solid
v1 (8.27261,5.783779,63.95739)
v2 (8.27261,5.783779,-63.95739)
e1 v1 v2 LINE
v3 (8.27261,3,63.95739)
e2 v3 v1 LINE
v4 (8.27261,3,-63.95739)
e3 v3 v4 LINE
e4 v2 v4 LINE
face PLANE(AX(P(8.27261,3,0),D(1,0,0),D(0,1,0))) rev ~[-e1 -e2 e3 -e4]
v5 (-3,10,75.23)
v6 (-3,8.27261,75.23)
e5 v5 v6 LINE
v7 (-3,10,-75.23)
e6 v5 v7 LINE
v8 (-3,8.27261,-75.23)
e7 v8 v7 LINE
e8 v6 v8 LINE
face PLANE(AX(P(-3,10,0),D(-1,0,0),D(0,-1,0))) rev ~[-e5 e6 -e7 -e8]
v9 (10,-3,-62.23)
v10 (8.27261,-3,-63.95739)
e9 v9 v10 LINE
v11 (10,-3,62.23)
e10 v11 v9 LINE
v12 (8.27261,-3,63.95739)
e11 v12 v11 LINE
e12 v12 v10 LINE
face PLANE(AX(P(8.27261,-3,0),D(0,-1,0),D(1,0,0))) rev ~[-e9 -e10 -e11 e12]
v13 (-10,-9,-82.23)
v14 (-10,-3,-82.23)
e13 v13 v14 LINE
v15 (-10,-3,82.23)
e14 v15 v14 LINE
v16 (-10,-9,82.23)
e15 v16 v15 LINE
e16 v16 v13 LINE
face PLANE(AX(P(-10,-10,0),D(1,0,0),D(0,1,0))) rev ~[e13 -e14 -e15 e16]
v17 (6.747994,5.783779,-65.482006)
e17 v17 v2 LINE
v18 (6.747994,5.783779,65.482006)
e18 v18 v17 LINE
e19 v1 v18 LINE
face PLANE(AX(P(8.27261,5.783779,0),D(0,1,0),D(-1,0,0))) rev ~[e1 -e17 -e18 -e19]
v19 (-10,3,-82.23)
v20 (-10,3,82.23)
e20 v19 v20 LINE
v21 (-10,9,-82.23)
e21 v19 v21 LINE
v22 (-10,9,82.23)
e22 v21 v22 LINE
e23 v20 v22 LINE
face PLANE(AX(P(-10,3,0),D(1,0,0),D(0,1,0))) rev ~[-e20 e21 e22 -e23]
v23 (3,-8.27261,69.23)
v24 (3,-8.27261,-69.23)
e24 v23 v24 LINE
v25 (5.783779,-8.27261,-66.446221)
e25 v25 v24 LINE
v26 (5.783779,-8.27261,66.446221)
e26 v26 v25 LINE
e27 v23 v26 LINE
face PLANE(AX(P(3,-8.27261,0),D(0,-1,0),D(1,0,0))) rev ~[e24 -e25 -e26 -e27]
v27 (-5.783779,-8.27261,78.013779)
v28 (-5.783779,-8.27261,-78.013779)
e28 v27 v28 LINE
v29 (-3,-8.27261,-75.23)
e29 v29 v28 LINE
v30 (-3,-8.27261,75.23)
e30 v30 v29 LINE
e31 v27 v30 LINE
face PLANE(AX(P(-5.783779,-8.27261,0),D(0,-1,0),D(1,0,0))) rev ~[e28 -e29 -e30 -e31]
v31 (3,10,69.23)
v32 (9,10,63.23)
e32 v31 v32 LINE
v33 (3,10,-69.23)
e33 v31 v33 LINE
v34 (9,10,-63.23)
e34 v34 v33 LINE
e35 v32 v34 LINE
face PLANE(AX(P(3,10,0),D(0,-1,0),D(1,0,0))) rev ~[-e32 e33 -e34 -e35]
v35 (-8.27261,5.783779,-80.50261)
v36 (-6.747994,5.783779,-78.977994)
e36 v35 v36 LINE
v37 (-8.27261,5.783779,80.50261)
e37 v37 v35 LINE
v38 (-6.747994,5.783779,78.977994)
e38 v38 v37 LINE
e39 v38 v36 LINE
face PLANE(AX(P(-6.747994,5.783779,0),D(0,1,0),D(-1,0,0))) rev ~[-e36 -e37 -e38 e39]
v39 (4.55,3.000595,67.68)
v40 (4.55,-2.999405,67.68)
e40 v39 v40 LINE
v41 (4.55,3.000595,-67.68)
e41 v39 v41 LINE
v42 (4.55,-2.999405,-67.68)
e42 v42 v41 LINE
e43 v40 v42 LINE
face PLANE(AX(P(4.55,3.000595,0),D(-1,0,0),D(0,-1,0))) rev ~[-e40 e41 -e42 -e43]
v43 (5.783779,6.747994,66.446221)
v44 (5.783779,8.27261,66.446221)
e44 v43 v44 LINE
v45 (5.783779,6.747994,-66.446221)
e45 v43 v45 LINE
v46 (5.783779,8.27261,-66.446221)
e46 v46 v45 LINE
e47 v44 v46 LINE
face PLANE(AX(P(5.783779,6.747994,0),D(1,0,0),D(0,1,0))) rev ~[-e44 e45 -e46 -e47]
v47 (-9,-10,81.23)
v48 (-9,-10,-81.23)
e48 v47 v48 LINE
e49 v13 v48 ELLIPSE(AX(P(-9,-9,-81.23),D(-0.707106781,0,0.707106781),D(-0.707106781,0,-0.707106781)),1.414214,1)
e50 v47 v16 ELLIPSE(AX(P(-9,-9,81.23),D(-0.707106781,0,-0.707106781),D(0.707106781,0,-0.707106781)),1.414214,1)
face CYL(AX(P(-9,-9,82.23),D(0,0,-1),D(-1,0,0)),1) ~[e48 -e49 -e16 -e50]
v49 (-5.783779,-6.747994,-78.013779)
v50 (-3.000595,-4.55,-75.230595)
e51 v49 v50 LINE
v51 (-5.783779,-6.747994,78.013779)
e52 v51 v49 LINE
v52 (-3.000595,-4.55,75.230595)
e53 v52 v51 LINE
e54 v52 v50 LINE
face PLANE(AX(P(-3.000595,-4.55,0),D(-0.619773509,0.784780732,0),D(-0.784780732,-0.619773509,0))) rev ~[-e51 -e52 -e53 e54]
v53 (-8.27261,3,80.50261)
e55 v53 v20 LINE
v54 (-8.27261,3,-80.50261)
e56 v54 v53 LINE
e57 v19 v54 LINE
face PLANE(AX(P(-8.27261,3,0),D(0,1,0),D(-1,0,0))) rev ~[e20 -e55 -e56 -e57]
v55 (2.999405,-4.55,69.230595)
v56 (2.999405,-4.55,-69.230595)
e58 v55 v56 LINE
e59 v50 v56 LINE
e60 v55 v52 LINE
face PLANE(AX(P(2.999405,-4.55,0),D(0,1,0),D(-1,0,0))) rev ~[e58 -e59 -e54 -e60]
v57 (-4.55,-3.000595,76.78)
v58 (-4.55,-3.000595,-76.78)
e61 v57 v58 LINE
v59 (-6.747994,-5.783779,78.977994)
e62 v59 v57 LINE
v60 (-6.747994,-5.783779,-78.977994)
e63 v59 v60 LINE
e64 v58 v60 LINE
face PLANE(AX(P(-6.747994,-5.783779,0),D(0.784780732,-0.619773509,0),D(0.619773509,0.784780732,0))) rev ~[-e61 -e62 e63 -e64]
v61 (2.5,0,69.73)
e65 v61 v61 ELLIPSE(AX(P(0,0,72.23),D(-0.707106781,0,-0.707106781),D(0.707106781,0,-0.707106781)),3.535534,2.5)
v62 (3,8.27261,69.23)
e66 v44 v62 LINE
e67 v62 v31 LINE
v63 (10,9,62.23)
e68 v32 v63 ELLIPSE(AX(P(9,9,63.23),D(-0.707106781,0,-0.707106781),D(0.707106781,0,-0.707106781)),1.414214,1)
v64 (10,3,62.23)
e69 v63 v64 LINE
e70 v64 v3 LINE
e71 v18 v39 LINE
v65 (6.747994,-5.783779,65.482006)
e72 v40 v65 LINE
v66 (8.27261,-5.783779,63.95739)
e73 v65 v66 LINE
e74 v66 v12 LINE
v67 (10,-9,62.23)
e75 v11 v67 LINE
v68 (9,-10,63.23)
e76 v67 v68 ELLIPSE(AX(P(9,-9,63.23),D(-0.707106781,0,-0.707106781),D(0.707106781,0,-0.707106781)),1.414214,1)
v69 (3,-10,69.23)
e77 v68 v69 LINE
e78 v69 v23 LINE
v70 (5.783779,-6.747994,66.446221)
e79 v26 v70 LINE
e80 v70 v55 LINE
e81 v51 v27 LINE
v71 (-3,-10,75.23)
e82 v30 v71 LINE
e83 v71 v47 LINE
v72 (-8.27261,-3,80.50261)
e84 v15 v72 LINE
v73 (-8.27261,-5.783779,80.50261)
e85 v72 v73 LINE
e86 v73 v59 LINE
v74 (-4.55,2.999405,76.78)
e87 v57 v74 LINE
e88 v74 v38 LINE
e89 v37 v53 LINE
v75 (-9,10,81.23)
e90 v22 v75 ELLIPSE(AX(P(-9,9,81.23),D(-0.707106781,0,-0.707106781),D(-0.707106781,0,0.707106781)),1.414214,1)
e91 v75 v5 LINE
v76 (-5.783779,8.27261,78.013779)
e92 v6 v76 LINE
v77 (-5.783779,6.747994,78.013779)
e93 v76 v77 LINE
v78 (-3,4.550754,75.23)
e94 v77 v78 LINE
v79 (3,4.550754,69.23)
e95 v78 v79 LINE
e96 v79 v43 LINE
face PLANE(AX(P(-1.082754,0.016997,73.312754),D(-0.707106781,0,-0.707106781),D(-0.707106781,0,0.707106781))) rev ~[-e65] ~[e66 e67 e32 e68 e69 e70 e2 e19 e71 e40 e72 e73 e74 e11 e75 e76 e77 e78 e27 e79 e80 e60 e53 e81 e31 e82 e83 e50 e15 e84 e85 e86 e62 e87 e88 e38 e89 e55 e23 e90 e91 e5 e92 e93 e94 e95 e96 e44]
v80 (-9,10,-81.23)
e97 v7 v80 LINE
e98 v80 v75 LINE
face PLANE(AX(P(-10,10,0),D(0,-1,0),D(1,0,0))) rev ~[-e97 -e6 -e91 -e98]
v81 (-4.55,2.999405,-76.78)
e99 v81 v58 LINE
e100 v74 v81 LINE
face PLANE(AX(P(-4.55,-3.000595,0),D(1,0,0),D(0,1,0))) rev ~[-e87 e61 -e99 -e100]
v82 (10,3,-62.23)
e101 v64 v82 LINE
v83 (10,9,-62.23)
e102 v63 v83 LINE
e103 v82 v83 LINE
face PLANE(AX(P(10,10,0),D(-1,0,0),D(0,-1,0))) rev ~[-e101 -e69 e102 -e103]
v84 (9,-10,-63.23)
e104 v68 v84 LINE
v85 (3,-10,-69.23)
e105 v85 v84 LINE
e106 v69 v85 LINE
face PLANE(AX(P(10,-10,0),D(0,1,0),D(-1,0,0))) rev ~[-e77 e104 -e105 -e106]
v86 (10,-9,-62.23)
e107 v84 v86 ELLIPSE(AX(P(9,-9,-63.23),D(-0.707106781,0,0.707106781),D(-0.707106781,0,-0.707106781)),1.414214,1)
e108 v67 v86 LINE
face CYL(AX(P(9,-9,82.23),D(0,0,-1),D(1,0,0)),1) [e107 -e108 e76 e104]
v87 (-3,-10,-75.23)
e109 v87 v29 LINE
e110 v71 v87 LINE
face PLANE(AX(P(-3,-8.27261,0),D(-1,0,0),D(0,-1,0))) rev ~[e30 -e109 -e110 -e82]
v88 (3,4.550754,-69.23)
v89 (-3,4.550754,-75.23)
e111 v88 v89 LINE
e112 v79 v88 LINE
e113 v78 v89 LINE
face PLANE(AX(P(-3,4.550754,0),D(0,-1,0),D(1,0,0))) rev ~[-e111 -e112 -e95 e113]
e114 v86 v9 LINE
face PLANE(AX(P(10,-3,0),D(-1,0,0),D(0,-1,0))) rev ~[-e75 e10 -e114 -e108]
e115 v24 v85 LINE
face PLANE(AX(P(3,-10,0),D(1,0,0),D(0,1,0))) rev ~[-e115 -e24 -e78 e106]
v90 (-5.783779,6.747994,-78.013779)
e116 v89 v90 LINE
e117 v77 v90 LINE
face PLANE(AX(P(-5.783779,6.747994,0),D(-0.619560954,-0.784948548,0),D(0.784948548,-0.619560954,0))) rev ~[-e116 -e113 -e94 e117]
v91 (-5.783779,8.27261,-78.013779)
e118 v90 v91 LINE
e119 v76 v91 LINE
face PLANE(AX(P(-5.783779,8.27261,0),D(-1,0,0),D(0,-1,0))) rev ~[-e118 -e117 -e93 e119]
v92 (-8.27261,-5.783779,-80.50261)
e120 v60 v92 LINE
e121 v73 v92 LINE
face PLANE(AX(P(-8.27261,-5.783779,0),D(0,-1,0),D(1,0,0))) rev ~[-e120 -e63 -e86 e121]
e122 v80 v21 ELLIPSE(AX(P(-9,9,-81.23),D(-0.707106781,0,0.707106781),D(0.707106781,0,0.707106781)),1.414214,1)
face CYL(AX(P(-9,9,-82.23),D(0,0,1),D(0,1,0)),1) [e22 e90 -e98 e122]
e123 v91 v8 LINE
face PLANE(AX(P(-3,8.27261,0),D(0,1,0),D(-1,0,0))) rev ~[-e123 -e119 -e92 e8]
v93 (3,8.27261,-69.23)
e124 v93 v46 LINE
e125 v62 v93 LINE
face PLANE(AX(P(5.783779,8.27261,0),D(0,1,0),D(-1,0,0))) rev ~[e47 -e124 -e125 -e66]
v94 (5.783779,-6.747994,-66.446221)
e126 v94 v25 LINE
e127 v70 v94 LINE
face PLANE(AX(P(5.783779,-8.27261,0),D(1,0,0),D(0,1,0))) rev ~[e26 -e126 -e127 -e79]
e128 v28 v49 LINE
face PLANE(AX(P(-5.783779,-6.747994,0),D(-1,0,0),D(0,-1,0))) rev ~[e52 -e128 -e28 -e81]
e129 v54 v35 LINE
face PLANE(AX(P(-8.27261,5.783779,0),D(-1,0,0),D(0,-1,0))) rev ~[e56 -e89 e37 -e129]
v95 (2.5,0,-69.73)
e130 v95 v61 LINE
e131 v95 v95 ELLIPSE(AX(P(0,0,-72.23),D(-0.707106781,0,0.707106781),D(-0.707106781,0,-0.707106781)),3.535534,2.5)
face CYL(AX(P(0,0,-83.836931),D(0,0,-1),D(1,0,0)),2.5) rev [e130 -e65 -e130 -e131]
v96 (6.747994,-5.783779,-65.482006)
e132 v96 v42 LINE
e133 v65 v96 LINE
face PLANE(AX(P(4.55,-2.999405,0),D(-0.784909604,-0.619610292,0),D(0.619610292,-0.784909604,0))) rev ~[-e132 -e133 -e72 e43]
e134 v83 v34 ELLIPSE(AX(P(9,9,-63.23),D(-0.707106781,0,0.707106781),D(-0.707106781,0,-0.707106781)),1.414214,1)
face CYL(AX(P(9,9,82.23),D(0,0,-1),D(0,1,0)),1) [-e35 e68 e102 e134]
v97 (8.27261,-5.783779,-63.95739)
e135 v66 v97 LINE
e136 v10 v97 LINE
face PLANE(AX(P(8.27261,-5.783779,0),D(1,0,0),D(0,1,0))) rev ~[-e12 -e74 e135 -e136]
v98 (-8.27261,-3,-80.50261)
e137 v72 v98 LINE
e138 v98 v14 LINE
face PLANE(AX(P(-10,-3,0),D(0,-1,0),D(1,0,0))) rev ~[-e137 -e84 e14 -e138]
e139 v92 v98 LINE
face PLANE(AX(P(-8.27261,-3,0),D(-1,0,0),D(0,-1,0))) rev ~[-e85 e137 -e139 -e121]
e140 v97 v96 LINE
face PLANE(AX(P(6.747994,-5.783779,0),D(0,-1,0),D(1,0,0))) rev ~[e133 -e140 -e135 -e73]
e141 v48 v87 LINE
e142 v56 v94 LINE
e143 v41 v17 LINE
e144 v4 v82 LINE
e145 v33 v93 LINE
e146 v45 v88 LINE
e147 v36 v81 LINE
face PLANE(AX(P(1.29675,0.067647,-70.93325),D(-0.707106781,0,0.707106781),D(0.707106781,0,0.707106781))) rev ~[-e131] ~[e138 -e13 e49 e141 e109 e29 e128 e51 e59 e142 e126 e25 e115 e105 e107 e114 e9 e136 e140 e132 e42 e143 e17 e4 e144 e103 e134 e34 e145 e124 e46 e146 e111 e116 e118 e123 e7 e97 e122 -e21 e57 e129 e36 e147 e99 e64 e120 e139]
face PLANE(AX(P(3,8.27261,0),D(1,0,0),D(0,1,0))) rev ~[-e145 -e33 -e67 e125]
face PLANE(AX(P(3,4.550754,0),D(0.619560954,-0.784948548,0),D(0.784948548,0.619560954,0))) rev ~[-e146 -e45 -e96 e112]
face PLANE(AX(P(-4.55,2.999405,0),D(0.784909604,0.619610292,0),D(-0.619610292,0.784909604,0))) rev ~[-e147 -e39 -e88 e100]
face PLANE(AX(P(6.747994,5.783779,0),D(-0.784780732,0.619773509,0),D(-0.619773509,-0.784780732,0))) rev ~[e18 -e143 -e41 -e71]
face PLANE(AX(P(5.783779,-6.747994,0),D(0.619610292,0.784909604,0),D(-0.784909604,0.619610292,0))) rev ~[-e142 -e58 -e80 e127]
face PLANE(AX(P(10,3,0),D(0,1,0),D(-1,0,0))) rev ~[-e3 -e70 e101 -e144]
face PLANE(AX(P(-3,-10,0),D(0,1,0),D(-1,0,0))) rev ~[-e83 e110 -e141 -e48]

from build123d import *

# Parameters (mm, degrees)
BOSS_EXTRUDE1_DEPTH     = 82.23
CUT_EXTRUDE1_DEPTH      = 166.066930668
CUT_EXTRUDE1_DEPTH_BACK = 166.066930668
SKETCH2_R               = 2.5
FILLET1_R               = 1
SKETCH3_W               = 42.278905999
SKETCH3_H               = 22
CUT_EXTRUDE2_DEPTH      = 128.405385483
SKETCH4_W               = 35
SKETCH4_H               = 22.104489803
CUT_EXTRUDE3_DEPTH      = 128.405385483


with BuildPart() as part:
    # Sketch1 → Boss-Extrude1 (new, symmetric)
    with BuildSketch(Plane.XY):
        Polygon((-10, 10), (-3, 10), (-3, 8.272610059), (-5.783778863, 8.272610059), (-5.783778863, 6.747994248), (-3, 4.550753814), (3, 4.550753814), (5.783778863, 6.747994248), (5.783778863, 8.272610059), (3, 8.272610059), (3, 10), (10, 10), (10, 3), (8.272610059, 3), (8.272610059, 5.783778863), (6.747994248, 5.783778863), (4.55, 3.000595152), (4.55, -2.999404848), (6.747994248, -5.783778863), (8.272610059, -5.783778863), (8.272610059, -3), (10, -3), (10, -10), (3, -10), (3, -8.272610059), (5.783778863, -8.272610059), (5.783778863, -6.747994248), (2.999404848, -4.55), (-3.000595152, -4.55), (-5.783778863, -6.747994248), (-5.783778863, -8.272610059), (-3, -8.272610059), (-3, -10), (-10, -10), (-10, -3), (-8.272610059, -3), (-8.272610059, -5.783778863), (-6.747994248, -5.783778863), (-4.55, -3.000595152), (-4.55, 2.999404848), (-6.747994248, 5.783778863), (-8.272610059, 5.783778863), (-8.272610059, 3), (-10, 3), align=None)
    extrude(amount=BOSS_EXTRUDE1_DEPTH, both=True)

    # Sketch2 → Cut-Extrude1 (cut, two sides: drawn at the far end of the back side and taken through both)
    with BuildSketch(Plane.XY.offset(82.23).offset(-CUT_EXTRUDE1_DEPTH_BACK)):
        Circle(SKETCH2_R)
    extrude(amount=CUT_EXTRUDE1_DEPTH + CUT_EXTRUDE1_DEPTH_BACK, mode=Mode.SUBTRACT)

    # Fillet1
    fillet1_edges = [part.edges().sort_by_distance(p)[0] for p in [
        (-10, 10, 0),
        (10, 10, 0),
        (10, -10, 0),
        (-10, -10, 0),
    ]]
    fillet(fillet1_edges, radius=FILLET1_R)

    # Sketch3 → Cut-Extrude2 (cut, through all)
    with BuildSketch(Plane(origin=(36.115, 0, -36.115), x_dir=(0.7071067811865477, 0, 0.7071067811865475), z_dir=(-0.7071067811865475, 0, 0.7071067811865477))):
        with Locations((-49.240441639, 0.067646977)):
            Rectangle(SKETCH3_W, SKETCH3_H)
    extrude(amount=-CUT_EXTRUDE2_DEPTH, mode=Mode.SUBTRACT)

    # Sketch4 → Cut-Extrude3 (cut, through all)
    with BuildSketch(Plane(origin=(36.115, 0, 36.115), x_dir=(-0.7071067811865477, 0, 0.7071067811865475), z_dir=(-0.7071067811865475, 0, -0.7071067811865477))):
        with Locations((52.605568003, 0.016996688)):
            Rectangle(SKETCH4_W, SKETCH4_H)
    extrude(amount=-CUT_EXTRUDE3_DEPTH, mode=Mode.SUBTRACT)


solid = part.part
